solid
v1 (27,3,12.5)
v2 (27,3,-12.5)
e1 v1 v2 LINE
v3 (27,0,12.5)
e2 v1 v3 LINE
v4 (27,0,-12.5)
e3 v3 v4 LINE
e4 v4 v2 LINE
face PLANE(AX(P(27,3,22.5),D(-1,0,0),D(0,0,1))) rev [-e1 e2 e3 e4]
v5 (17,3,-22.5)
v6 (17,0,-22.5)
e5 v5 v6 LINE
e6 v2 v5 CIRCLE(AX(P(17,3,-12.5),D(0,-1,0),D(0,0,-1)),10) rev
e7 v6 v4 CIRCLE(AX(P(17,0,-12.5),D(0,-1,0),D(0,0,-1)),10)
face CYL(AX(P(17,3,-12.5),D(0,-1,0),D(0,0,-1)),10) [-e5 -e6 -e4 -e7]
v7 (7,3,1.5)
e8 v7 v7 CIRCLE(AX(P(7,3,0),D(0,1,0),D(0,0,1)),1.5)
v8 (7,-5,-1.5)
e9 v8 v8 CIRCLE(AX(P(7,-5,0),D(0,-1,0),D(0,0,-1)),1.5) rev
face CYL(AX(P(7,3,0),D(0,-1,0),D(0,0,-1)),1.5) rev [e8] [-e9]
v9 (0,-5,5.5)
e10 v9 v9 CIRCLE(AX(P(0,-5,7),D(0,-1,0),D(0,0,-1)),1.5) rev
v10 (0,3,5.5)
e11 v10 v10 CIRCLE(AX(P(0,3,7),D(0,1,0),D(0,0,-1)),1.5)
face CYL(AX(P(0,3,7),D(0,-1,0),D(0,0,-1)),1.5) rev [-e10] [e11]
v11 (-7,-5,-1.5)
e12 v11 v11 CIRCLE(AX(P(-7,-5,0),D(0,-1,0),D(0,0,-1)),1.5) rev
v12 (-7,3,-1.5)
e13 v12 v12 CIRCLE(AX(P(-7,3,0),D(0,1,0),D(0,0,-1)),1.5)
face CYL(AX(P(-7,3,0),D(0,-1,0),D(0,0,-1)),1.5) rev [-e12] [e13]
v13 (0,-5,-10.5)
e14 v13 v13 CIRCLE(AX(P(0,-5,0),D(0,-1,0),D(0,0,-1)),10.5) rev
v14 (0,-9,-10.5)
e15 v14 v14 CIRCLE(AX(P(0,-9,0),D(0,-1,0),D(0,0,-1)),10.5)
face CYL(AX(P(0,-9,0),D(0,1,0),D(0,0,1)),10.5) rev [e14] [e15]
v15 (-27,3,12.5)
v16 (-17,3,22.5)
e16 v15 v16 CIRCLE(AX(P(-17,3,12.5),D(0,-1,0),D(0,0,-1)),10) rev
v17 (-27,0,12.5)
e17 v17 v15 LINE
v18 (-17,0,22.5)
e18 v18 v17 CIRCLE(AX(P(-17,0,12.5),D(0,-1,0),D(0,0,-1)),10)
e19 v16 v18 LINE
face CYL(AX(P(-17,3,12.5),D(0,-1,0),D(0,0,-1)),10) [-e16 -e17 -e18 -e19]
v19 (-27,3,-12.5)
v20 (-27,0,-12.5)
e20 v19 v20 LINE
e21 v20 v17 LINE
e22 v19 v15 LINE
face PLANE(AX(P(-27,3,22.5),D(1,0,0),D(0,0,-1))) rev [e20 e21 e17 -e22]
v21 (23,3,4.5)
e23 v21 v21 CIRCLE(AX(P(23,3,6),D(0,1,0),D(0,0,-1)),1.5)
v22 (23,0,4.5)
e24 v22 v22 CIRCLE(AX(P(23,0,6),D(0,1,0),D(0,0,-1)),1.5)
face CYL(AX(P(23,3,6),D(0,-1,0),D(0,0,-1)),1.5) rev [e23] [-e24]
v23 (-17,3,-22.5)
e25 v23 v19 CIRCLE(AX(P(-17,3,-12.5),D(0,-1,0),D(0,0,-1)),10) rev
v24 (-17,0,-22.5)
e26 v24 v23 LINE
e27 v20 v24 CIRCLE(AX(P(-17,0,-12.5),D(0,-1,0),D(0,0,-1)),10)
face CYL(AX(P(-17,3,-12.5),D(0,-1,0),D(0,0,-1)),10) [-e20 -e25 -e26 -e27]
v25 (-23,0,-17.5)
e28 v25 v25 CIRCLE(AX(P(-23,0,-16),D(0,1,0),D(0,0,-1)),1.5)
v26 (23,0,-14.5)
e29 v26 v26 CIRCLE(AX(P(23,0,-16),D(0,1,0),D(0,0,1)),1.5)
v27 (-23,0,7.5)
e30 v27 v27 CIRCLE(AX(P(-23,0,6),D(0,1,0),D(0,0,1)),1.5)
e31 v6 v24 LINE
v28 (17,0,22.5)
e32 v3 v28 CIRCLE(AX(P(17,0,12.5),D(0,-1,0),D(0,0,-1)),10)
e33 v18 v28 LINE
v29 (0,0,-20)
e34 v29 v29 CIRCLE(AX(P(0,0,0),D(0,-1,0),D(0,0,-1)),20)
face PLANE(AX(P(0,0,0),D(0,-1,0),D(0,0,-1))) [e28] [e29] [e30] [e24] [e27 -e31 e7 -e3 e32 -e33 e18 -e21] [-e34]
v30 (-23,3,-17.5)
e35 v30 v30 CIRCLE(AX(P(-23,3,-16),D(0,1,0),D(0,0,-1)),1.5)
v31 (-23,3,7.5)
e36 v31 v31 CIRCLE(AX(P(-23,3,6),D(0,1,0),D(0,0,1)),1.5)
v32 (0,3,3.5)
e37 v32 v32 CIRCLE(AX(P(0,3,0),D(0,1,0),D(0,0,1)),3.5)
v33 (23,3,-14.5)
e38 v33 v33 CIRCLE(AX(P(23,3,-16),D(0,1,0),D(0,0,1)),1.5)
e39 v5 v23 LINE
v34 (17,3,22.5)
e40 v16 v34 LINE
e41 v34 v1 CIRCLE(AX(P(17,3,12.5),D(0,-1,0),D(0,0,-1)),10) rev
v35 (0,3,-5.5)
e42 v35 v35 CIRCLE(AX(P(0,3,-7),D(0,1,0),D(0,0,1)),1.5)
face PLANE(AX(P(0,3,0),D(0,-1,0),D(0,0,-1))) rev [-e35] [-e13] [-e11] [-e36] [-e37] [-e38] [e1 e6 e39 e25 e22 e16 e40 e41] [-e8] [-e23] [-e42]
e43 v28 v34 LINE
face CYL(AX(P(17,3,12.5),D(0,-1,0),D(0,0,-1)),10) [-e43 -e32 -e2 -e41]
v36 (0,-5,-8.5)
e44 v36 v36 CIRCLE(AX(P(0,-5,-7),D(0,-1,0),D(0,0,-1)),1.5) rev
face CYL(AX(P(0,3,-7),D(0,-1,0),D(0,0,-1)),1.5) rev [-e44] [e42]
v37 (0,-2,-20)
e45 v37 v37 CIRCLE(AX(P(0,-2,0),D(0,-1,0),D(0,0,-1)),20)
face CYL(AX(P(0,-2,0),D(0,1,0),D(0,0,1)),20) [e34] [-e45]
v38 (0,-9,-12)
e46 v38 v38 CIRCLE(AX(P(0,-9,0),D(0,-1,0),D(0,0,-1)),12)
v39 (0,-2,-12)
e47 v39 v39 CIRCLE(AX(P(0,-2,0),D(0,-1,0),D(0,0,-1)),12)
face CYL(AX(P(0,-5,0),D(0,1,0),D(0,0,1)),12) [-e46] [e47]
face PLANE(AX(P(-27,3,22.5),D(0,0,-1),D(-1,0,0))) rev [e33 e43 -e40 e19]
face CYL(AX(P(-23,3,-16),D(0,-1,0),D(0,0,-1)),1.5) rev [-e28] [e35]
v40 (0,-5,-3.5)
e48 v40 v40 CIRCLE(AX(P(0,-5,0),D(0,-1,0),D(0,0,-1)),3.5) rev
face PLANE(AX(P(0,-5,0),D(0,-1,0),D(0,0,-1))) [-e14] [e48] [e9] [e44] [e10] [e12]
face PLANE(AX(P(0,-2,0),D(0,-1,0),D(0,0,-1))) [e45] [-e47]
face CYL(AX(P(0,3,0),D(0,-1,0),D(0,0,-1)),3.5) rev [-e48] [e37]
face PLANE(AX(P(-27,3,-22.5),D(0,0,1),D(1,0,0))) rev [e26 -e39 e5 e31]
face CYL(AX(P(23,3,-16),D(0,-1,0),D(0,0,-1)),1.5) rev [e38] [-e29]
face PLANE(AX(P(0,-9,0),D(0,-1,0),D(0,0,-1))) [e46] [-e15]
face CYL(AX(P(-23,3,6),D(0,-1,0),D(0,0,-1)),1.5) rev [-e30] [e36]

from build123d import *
from build123d.topology import SkipClean

# Parameters (mm, degrees)
SKETCH_1_W      = 54
SKETCH_1_H      = 45
SKETCH_1_R      = 1.5
SKETCH_1_R_2    = 3.5
EXTRUDE_1_DEPTH = 3
EXTRUDE_START   = 5
SKETCH_2_R      = 10
SKETCH_2_R_2    = 1.5
SKETCH_2_R_3    = 3.5
EXTRUDE_2_DEPTH = 5
FILLET_1_R      = 10
SKETCH_6_R      = 12
SKETCH_6_R_2    = 10
EXTRUDE_3_DEPTH = 5
EXTRUDE_START_2 = 4
SKETCH_7_R      = 12
SKETCH_7_R_2    = 10.5
EXTRUDE_4_DEPTH = 4
EXTRUDE_START_3 = 2
SKETCH_8_R      = 20
SKETCH_8_R_2    = 12
EXTRUDE_5_DEPTH = 2


with BuildPart() as part:
    # 草图1 → 凸台-拉伸1 (new body)
    with BuildSketch(Plane(origin=(0, 0, 0), x_dir=(1, 0, 0), z_dir=(0, 1, 0))):
        Rectangle(SKETCH_1_W, SKETCH_1_H)
        with Locations(Location((0, 7, 0), (0, 0, 270))):
            Circle(SKETCH_1_R, mode=Mode.SUBTRACT)
        with Locations(Location((7, 0, 0), (0, 0, 270))):
            Circle(SKETCH_1_R, mode=Mode.SUBTRACT)
        with Locations(Location((0, 0, 0), (0, 0, 270))):
            Circle(SKETCH_1_R_2, mode=Mode.SUBTRACT)
        with Locations(Location((0, -7, 0), (0, 0, 90))):
            Circle(SKETCH_1_R, mode=Mode.SUBTRACT)
        with Locations(Location((-7, 0, 0), (0, 0, 90))):
            Circle(SKETCH_1_R, mode=Mode.SUBTRACT)
        with Locations(Location((23, 16, 0), (0, 0, 270))):
            Circle(SKETCH_1_R, mode=Mode.SUBTRACT)
        with Locations(Location((23, -6, 0), (0, 0, 90))):
            Circle(SKETCH_1_R, mode=Mode.SUBTRACT)
        with Locations(Location((-23, -6, 0), (0, 0, 270))):
            Circle(SKETCH_1_R, mode=Mode.SUBTRACT)
        with Locations(Location((-23, 16, 0), (0, 0, 90))):
            Circle(SKETCH_1_R, mode=Mode.SUBTRACT)
    extrude(amount=EXTRUDE_1_DEPTH)

    # 草图2 → 凸台-拉伸2 (add)
    with SkipClean():  # the faces are left unmerged after this step: merging them gives an invalid solid
        with BuildSketch(Plane.XZ.offset(EXTRUDE_START)):
            with Locations(Location((0, 0, 0), (0, 0, 270))):
                Circle(SKETCH_2_R)
            with Locations(Location((0, 7, 0), (0, 0, 270))):
                Circle(SKETCH_2_R_2, mode=Mode.SUBTRACT)
            with Locations(Location((0, 0, 0), (0, 0, 270))):
                Circle(SKETCH_2_R_3, mode=Mode.SUBTRACT)
            with Locations(Location((-7, 0, 0), (0, 0, 270))):
                Circle(SKETCH_2_R_2, mode=Mode.SUBTRACT)
            with Locations(Location((0, -7, 0), (0, 0, 270))):
                Circle(SKETCH_2_R_2, mode=Mode.SUBTRACT)
            with Locations(Location((7, 0, 0), (0, 0, 270))):
                Circle(SKETCH_2_R_2, mode=Mode.SUBTRACT)
        extrude(amount=-EXTRUDE_2_DEPTH)

    # 圆角1
    fillet_1_edges = [part.edges().sort_by_distance(p)[0] for p in [
        (27, 1.5, 22.5),
        (-27, 1.5, 22.5),
        (-27, 1.5, -22.5),
        (27, 1.5, -22.5),
    ]]
    fillet(fillet_1_edges, radius=FILLET_1_R)

    # 草图6 → 凸台-拉伸3 (add)
    with SkipClean():  # the faces are left unmerged after this step: merging them gives an invalid solid
        with BuildSketch(Plane.XZ.offset(EXTRUDE_START)):
            with Locations(Location((0, 0, 0), (0, 0, 270))):
                Circle(SKETCH_6_R)
            Circle(SKETCH_6_R_2, mode=Mode.SUBTRACT)
        extrude(amount=-EXTRUDE_3_DEPTH)

    # 草图7 → 凸台-拉伸4 (add)
    with SkipClean():  # the faces are left unmerged after this step: merging them gives an invalid solid
        with BuildSketch(Plane.XZ.offset(5).offset(EXTRUDE_START_2)):
            with Locations(Location((0, 0, 0), (0, 0, 270))):
                Circle(SKETCH_7_R)
            with Locations(Location((0, 0, 0), (0, 0, 270))):
                Circle(SKETCH_7_R_2, mode=Mode.SUBTRACT)
        extrude(amount=-EXTRUDE_4_DEPTH)

    # 草图8 → 凸台-拉伸5 (add)
    with SkipClean():  # the faces are left unmerged after this step: merging them gives an invalid solid
        with BuildSketch(Plane.XZ.offset(EXTRUDE_START_3)):
            with Locations(Location((0, 0, 0), (0, 0, 270))):
                Circle(SKETCH_8_R)
            with Locations(Location((0, 0, 0), (0, 0, 270))):
                Circle(SKETCH_8_R_2, mode=Mode.SUBTRACT)
        extrude(amount=-EXTRUDE_5_DEPTH)


solid = part.part
